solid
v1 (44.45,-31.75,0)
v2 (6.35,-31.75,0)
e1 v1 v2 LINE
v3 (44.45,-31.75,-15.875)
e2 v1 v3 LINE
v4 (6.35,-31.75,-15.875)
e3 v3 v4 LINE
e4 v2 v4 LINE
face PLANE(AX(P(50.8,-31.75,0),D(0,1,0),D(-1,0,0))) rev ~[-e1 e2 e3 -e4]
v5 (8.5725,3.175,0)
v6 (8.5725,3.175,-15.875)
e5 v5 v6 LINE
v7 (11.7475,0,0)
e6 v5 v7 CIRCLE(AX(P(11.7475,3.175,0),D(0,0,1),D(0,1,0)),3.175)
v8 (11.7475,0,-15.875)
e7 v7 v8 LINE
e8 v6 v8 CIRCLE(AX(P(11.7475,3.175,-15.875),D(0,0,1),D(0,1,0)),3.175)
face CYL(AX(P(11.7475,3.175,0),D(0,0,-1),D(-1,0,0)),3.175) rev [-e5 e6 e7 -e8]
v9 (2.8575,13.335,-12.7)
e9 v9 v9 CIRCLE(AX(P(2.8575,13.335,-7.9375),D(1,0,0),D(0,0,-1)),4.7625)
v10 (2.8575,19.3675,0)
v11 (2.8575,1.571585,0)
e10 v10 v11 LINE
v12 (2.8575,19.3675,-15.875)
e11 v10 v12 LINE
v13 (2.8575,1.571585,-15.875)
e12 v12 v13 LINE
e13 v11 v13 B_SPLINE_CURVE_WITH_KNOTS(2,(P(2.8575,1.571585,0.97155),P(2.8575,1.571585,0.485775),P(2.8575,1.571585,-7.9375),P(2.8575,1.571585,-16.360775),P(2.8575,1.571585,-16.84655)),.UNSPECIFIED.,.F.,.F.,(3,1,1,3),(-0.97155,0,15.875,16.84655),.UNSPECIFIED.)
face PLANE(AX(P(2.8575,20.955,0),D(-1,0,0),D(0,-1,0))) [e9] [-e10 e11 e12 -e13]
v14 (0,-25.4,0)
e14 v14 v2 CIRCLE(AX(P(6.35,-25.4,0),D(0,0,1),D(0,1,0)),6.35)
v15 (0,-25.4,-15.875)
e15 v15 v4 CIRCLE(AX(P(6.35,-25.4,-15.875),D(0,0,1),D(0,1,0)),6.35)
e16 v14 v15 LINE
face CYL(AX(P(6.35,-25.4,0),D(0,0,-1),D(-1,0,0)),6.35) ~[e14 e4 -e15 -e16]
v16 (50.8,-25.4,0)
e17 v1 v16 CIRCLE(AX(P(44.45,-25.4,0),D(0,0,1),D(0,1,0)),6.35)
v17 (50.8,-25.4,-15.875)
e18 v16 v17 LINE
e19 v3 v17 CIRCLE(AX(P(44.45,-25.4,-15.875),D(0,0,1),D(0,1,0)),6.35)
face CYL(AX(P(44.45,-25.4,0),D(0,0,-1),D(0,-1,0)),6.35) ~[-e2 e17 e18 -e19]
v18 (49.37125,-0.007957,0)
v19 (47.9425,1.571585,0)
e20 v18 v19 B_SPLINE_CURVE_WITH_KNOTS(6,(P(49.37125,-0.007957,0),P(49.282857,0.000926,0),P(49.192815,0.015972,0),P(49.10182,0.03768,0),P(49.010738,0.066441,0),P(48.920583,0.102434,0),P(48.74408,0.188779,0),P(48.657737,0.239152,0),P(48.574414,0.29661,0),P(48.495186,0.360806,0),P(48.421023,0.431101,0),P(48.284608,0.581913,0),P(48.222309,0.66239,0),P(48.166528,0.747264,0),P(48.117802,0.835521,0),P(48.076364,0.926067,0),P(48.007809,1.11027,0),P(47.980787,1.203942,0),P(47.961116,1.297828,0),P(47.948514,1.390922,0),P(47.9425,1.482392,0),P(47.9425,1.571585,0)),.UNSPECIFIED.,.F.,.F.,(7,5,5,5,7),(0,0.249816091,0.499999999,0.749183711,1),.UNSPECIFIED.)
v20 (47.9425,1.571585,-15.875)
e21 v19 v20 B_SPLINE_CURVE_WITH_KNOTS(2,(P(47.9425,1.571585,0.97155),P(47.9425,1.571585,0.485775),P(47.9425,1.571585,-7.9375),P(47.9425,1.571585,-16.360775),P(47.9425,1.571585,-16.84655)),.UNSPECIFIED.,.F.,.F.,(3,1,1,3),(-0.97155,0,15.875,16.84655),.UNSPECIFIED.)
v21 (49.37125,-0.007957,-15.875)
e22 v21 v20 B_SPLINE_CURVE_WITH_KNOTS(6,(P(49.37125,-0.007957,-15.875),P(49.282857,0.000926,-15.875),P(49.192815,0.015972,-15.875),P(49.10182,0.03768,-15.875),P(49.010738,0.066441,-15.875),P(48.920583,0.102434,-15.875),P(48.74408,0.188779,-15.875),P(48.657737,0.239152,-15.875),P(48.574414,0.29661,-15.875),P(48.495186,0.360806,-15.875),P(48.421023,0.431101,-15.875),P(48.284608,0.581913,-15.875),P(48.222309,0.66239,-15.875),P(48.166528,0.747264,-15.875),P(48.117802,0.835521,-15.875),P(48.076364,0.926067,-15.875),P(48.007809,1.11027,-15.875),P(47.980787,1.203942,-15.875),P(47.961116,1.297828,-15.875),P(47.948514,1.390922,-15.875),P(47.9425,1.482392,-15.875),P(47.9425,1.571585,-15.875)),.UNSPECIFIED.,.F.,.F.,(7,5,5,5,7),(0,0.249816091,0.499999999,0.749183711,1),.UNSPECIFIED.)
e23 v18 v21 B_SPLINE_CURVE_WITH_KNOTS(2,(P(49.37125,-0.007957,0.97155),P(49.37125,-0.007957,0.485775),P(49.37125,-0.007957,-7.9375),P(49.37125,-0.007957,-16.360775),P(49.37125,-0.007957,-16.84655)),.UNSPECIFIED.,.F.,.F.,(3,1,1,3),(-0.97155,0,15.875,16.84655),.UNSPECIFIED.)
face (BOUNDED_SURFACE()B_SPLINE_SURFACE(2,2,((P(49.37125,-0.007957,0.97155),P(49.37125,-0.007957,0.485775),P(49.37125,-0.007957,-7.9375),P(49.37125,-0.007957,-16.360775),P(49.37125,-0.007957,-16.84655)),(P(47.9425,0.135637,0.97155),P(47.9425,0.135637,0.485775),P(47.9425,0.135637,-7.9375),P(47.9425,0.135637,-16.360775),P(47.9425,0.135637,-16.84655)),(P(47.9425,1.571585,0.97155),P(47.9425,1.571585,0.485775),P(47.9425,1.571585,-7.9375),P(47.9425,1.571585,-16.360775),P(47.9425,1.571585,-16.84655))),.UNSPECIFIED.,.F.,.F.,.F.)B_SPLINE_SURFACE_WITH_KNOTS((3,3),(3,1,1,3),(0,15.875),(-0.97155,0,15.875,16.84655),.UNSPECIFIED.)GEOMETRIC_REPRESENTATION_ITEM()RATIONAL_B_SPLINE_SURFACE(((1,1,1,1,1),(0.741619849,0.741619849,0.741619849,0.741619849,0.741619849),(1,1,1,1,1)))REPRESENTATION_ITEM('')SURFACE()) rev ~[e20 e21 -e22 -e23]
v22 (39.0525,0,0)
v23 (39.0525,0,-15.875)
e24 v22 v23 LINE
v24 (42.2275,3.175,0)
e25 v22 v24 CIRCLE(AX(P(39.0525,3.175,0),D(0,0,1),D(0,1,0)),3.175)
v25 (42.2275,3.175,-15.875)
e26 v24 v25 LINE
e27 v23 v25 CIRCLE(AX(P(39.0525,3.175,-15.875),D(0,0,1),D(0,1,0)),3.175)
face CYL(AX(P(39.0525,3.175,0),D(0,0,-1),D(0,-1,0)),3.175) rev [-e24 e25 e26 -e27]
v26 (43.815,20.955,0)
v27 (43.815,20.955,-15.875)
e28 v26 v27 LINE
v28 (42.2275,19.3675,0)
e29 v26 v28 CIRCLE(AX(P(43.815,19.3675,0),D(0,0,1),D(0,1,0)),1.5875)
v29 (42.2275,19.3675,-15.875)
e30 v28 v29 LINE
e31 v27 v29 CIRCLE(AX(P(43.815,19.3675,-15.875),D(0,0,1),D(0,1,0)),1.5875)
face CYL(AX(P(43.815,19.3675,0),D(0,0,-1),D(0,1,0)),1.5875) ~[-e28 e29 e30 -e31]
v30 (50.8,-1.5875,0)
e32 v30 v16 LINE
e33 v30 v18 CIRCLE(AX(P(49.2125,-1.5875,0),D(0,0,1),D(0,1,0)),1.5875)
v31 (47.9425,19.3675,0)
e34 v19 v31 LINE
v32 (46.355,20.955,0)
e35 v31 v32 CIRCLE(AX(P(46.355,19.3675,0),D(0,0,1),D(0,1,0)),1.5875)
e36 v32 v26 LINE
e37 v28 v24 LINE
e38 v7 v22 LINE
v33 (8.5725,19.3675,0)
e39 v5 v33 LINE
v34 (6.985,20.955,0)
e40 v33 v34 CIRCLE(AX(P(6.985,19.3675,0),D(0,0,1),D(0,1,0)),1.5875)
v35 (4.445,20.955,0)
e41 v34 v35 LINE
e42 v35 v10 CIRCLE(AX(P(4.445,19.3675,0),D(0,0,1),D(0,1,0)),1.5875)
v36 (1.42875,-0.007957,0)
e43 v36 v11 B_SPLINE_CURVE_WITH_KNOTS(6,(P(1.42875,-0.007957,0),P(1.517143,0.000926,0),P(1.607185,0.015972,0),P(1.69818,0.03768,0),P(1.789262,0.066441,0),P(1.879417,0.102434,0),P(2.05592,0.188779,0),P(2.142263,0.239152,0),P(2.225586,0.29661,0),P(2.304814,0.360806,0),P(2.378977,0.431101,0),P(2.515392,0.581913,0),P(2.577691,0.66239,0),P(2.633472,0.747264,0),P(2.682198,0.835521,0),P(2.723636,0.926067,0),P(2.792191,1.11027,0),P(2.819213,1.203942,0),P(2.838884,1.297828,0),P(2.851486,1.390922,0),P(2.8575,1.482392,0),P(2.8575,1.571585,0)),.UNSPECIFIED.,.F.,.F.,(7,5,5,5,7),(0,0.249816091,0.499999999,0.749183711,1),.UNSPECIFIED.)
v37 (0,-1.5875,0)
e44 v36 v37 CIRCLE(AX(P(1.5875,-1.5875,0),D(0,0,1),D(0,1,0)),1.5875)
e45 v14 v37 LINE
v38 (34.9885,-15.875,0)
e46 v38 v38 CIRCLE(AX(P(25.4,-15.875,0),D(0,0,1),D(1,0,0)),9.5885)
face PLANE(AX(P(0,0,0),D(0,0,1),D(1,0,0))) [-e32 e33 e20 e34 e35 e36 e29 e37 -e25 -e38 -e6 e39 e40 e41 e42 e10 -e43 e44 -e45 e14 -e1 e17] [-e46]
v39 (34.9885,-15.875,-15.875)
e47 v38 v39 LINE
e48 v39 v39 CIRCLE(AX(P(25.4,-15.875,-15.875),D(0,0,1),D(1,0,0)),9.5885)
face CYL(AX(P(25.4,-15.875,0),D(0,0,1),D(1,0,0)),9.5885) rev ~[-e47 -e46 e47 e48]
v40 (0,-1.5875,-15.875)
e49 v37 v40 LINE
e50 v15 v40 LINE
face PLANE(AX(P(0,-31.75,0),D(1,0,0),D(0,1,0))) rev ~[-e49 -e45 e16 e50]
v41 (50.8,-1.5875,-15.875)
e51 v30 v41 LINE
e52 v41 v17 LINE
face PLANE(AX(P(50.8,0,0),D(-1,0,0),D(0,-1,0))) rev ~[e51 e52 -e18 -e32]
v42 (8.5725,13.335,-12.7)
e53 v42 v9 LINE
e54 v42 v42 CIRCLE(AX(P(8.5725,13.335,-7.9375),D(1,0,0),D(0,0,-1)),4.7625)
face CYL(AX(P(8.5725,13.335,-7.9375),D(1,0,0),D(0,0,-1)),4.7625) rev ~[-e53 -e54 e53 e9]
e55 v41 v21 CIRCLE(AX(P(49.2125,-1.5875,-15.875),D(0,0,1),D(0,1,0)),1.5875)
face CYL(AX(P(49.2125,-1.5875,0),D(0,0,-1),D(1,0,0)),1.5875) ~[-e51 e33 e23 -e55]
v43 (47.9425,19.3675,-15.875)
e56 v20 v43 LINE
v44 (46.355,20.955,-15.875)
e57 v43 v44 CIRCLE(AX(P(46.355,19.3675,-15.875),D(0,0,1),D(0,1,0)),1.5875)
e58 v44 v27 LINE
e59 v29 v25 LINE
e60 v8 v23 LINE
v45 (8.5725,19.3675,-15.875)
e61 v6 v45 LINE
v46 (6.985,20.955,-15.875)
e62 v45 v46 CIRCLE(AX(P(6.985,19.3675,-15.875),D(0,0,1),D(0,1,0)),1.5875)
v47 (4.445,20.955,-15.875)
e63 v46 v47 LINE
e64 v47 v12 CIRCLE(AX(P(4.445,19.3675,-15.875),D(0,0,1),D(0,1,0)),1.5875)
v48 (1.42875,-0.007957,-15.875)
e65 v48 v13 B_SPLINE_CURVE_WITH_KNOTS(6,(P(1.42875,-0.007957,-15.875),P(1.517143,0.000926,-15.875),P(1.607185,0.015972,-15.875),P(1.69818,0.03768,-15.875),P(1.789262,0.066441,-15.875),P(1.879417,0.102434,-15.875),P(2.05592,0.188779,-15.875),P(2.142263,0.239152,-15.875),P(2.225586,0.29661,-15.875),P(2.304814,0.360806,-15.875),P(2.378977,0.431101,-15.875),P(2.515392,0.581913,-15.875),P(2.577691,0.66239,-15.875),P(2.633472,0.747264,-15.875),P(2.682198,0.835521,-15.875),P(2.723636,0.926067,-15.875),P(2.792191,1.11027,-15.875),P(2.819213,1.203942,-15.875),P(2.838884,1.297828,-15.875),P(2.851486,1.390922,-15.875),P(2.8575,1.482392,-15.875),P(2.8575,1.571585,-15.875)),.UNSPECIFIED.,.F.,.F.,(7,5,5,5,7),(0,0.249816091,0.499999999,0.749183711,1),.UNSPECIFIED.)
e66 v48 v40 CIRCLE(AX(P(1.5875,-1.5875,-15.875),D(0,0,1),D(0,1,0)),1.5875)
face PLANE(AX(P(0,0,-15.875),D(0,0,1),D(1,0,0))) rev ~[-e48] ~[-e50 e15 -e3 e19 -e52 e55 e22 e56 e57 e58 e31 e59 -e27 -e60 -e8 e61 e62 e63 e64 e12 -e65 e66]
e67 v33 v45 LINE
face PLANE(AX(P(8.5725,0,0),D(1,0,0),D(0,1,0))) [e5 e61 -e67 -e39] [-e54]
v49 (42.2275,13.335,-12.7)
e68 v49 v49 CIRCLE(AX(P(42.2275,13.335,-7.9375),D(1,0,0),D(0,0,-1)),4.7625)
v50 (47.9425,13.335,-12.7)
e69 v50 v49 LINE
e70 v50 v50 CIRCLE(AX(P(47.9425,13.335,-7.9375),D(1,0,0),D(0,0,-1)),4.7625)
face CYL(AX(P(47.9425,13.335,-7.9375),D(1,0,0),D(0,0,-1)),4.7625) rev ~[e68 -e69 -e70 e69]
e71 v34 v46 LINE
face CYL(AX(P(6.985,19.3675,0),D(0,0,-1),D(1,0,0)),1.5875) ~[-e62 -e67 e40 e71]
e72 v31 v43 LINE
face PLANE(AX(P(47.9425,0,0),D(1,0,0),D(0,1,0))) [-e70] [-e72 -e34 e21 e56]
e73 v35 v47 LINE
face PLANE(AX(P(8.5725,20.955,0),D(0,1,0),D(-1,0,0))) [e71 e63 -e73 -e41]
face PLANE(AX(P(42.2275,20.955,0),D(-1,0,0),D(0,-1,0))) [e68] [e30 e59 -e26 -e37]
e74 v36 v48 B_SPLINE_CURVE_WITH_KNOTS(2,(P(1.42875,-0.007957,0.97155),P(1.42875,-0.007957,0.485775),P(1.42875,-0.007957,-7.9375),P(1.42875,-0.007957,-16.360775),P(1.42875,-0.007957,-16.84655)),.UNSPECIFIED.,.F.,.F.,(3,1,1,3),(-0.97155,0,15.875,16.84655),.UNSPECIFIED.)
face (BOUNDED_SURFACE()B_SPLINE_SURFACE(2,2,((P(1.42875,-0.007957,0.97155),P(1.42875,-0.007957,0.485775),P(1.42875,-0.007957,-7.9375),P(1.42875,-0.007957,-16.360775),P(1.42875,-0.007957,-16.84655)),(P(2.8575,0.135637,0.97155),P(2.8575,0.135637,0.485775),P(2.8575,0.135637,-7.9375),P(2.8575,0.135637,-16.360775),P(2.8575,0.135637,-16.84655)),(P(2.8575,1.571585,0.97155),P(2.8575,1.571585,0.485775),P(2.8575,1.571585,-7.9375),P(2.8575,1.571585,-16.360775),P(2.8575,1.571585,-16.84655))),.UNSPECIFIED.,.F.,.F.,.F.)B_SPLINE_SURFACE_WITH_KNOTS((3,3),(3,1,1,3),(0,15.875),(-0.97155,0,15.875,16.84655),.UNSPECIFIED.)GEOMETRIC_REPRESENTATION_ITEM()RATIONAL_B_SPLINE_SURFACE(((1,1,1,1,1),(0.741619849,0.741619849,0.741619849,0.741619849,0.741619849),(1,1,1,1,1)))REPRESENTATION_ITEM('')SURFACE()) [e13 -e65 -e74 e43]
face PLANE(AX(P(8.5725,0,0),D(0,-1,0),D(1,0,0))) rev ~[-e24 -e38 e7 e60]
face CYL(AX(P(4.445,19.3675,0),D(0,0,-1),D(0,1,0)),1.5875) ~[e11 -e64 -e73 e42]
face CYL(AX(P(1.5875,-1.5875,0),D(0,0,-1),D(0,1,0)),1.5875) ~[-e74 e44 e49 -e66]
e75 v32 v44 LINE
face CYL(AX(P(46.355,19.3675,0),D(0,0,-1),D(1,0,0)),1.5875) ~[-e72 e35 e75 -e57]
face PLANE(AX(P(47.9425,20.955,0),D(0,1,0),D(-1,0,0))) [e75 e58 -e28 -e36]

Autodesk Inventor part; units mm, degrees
ref_plane "YZ Plane" through (0, 0, 0) normal (1, 0, 0) x (0, 1, 0)
ref_plane "XZ Plane" through (0, 0, 0) normal (0, 1, 0) x (-1, 0, 0)
ref_plane "XY Plane" through (0, 0, 0) normal (0, 0, 1) x (1, 0, 0)
sketch "Sketch1" plane through (0, 0, 0) normal (0, 0, 1) x (1, 0, 0)
  line L0 (0, 0) -> (50.8, 0)
  line L1 (50.8, 0) -> (50.8, -31.75)
  line L2 (50.8, -31.75) -> (0, -31.75)
  line L3 (0, -31.75) -> (0, 0)
  line L4 (2.8575, 0) -> (8.5725, 0)
  line L5 (8.5725, 0) -> (8.5725, 20.955)
  line L6 (8.5725, 20.955) -> (2.8575, 20.955)
  line L7 (2.8575, 20.955) -> (2.8575, 0)
  line L8 (42.2275, 0) -> (47.9425, 0)
  line L9 (47.9425, 0) -> (47.9425, 20.955)
  line L10 (47.9425, 20.955) -> (42.2275, 20.955)
  line L11 (42.2275, 20.955) -> (42.2275, 0)
  dimension "d1" = 31.75
  dimension "d4" = 5.715
  dimension "d5" = 5.715
  dimension "d21" = 20.955
  dimension "d32" = 50.8
  dimension "d35" = 2.8575
  dimension "d37" = 2.8575
  dimension "d38" = 33.655
extrude "Extrusion1" add sketch "Sketch1" against normal blind 15.875
sketch "Sketch2" plane through (0, 0, 0) normal (0, 0, 1) x (1, 0, 0)
  circle A0 centre (25.4, -15.875) radius 9.5885
  line L0 (50.8, -31.75) -> (0, -31.75) projected
  line L1 (0, 0) -> (0, -31.75)
  dimension "d10" = 19.177
  dimension "d24" = 15.875
  dimension "d31" = 25.4
extrude "Extrusion2" cut sketch "Sketch2" against normal through all
sketch "Sketch3" plane through (47.9425, 0, 0) normal (1, 0, 0) x (0, 0, -1)
  line L0 (0, 20.955) -> (15.875, 20.955) projected
  circle A0 centre (7.9375, 13.335) radius 4.7625
  dimension "d13" = 9.525
  dimension "d15" = 7.62
extrude "Extrusion3" cut sketch "Sketch3" against normal up to next
fillet "Fillet2" radius 6.35 2 edges at (50.8, -31.75, -7.9375) (0, -31.75, -7.9375)
fillet "Fillet4" radius 1.5875 8 edges at (50.8, 0, -7.9375) (47.9425, 0, -7.9375) (47.9425, 20.955, -7.9375) (42.2275, 20.955, -7.9375) (8.5725, 20.955, -7.9375) (2.8575, 20.955, -7.9375) (0, 0, -7.9375) (2.8575, 0, -7.9375)
fillet "Fillet5" radius 3.175 2 edges at (8.5725, 0, -7.9375) (42.2275, 0, -7.9375)
sketch "Sketch4" plane through (8.5725, 19.3675, 0) normal (1, 0, 0) x (0, 0, -1)
  circle A0 centre (7.9375, -6.0325) radius 4.7625 projected
  circle A1 centre (7.9375, -6.0325) radius 4.7625
  point P0 (0, -19.3675)
  dimension "d26" = 9.525
extrude "Extrusion4" cut sketch "Sketch4" against normal through all
properties part number "Needle Bearing Mount v2"
